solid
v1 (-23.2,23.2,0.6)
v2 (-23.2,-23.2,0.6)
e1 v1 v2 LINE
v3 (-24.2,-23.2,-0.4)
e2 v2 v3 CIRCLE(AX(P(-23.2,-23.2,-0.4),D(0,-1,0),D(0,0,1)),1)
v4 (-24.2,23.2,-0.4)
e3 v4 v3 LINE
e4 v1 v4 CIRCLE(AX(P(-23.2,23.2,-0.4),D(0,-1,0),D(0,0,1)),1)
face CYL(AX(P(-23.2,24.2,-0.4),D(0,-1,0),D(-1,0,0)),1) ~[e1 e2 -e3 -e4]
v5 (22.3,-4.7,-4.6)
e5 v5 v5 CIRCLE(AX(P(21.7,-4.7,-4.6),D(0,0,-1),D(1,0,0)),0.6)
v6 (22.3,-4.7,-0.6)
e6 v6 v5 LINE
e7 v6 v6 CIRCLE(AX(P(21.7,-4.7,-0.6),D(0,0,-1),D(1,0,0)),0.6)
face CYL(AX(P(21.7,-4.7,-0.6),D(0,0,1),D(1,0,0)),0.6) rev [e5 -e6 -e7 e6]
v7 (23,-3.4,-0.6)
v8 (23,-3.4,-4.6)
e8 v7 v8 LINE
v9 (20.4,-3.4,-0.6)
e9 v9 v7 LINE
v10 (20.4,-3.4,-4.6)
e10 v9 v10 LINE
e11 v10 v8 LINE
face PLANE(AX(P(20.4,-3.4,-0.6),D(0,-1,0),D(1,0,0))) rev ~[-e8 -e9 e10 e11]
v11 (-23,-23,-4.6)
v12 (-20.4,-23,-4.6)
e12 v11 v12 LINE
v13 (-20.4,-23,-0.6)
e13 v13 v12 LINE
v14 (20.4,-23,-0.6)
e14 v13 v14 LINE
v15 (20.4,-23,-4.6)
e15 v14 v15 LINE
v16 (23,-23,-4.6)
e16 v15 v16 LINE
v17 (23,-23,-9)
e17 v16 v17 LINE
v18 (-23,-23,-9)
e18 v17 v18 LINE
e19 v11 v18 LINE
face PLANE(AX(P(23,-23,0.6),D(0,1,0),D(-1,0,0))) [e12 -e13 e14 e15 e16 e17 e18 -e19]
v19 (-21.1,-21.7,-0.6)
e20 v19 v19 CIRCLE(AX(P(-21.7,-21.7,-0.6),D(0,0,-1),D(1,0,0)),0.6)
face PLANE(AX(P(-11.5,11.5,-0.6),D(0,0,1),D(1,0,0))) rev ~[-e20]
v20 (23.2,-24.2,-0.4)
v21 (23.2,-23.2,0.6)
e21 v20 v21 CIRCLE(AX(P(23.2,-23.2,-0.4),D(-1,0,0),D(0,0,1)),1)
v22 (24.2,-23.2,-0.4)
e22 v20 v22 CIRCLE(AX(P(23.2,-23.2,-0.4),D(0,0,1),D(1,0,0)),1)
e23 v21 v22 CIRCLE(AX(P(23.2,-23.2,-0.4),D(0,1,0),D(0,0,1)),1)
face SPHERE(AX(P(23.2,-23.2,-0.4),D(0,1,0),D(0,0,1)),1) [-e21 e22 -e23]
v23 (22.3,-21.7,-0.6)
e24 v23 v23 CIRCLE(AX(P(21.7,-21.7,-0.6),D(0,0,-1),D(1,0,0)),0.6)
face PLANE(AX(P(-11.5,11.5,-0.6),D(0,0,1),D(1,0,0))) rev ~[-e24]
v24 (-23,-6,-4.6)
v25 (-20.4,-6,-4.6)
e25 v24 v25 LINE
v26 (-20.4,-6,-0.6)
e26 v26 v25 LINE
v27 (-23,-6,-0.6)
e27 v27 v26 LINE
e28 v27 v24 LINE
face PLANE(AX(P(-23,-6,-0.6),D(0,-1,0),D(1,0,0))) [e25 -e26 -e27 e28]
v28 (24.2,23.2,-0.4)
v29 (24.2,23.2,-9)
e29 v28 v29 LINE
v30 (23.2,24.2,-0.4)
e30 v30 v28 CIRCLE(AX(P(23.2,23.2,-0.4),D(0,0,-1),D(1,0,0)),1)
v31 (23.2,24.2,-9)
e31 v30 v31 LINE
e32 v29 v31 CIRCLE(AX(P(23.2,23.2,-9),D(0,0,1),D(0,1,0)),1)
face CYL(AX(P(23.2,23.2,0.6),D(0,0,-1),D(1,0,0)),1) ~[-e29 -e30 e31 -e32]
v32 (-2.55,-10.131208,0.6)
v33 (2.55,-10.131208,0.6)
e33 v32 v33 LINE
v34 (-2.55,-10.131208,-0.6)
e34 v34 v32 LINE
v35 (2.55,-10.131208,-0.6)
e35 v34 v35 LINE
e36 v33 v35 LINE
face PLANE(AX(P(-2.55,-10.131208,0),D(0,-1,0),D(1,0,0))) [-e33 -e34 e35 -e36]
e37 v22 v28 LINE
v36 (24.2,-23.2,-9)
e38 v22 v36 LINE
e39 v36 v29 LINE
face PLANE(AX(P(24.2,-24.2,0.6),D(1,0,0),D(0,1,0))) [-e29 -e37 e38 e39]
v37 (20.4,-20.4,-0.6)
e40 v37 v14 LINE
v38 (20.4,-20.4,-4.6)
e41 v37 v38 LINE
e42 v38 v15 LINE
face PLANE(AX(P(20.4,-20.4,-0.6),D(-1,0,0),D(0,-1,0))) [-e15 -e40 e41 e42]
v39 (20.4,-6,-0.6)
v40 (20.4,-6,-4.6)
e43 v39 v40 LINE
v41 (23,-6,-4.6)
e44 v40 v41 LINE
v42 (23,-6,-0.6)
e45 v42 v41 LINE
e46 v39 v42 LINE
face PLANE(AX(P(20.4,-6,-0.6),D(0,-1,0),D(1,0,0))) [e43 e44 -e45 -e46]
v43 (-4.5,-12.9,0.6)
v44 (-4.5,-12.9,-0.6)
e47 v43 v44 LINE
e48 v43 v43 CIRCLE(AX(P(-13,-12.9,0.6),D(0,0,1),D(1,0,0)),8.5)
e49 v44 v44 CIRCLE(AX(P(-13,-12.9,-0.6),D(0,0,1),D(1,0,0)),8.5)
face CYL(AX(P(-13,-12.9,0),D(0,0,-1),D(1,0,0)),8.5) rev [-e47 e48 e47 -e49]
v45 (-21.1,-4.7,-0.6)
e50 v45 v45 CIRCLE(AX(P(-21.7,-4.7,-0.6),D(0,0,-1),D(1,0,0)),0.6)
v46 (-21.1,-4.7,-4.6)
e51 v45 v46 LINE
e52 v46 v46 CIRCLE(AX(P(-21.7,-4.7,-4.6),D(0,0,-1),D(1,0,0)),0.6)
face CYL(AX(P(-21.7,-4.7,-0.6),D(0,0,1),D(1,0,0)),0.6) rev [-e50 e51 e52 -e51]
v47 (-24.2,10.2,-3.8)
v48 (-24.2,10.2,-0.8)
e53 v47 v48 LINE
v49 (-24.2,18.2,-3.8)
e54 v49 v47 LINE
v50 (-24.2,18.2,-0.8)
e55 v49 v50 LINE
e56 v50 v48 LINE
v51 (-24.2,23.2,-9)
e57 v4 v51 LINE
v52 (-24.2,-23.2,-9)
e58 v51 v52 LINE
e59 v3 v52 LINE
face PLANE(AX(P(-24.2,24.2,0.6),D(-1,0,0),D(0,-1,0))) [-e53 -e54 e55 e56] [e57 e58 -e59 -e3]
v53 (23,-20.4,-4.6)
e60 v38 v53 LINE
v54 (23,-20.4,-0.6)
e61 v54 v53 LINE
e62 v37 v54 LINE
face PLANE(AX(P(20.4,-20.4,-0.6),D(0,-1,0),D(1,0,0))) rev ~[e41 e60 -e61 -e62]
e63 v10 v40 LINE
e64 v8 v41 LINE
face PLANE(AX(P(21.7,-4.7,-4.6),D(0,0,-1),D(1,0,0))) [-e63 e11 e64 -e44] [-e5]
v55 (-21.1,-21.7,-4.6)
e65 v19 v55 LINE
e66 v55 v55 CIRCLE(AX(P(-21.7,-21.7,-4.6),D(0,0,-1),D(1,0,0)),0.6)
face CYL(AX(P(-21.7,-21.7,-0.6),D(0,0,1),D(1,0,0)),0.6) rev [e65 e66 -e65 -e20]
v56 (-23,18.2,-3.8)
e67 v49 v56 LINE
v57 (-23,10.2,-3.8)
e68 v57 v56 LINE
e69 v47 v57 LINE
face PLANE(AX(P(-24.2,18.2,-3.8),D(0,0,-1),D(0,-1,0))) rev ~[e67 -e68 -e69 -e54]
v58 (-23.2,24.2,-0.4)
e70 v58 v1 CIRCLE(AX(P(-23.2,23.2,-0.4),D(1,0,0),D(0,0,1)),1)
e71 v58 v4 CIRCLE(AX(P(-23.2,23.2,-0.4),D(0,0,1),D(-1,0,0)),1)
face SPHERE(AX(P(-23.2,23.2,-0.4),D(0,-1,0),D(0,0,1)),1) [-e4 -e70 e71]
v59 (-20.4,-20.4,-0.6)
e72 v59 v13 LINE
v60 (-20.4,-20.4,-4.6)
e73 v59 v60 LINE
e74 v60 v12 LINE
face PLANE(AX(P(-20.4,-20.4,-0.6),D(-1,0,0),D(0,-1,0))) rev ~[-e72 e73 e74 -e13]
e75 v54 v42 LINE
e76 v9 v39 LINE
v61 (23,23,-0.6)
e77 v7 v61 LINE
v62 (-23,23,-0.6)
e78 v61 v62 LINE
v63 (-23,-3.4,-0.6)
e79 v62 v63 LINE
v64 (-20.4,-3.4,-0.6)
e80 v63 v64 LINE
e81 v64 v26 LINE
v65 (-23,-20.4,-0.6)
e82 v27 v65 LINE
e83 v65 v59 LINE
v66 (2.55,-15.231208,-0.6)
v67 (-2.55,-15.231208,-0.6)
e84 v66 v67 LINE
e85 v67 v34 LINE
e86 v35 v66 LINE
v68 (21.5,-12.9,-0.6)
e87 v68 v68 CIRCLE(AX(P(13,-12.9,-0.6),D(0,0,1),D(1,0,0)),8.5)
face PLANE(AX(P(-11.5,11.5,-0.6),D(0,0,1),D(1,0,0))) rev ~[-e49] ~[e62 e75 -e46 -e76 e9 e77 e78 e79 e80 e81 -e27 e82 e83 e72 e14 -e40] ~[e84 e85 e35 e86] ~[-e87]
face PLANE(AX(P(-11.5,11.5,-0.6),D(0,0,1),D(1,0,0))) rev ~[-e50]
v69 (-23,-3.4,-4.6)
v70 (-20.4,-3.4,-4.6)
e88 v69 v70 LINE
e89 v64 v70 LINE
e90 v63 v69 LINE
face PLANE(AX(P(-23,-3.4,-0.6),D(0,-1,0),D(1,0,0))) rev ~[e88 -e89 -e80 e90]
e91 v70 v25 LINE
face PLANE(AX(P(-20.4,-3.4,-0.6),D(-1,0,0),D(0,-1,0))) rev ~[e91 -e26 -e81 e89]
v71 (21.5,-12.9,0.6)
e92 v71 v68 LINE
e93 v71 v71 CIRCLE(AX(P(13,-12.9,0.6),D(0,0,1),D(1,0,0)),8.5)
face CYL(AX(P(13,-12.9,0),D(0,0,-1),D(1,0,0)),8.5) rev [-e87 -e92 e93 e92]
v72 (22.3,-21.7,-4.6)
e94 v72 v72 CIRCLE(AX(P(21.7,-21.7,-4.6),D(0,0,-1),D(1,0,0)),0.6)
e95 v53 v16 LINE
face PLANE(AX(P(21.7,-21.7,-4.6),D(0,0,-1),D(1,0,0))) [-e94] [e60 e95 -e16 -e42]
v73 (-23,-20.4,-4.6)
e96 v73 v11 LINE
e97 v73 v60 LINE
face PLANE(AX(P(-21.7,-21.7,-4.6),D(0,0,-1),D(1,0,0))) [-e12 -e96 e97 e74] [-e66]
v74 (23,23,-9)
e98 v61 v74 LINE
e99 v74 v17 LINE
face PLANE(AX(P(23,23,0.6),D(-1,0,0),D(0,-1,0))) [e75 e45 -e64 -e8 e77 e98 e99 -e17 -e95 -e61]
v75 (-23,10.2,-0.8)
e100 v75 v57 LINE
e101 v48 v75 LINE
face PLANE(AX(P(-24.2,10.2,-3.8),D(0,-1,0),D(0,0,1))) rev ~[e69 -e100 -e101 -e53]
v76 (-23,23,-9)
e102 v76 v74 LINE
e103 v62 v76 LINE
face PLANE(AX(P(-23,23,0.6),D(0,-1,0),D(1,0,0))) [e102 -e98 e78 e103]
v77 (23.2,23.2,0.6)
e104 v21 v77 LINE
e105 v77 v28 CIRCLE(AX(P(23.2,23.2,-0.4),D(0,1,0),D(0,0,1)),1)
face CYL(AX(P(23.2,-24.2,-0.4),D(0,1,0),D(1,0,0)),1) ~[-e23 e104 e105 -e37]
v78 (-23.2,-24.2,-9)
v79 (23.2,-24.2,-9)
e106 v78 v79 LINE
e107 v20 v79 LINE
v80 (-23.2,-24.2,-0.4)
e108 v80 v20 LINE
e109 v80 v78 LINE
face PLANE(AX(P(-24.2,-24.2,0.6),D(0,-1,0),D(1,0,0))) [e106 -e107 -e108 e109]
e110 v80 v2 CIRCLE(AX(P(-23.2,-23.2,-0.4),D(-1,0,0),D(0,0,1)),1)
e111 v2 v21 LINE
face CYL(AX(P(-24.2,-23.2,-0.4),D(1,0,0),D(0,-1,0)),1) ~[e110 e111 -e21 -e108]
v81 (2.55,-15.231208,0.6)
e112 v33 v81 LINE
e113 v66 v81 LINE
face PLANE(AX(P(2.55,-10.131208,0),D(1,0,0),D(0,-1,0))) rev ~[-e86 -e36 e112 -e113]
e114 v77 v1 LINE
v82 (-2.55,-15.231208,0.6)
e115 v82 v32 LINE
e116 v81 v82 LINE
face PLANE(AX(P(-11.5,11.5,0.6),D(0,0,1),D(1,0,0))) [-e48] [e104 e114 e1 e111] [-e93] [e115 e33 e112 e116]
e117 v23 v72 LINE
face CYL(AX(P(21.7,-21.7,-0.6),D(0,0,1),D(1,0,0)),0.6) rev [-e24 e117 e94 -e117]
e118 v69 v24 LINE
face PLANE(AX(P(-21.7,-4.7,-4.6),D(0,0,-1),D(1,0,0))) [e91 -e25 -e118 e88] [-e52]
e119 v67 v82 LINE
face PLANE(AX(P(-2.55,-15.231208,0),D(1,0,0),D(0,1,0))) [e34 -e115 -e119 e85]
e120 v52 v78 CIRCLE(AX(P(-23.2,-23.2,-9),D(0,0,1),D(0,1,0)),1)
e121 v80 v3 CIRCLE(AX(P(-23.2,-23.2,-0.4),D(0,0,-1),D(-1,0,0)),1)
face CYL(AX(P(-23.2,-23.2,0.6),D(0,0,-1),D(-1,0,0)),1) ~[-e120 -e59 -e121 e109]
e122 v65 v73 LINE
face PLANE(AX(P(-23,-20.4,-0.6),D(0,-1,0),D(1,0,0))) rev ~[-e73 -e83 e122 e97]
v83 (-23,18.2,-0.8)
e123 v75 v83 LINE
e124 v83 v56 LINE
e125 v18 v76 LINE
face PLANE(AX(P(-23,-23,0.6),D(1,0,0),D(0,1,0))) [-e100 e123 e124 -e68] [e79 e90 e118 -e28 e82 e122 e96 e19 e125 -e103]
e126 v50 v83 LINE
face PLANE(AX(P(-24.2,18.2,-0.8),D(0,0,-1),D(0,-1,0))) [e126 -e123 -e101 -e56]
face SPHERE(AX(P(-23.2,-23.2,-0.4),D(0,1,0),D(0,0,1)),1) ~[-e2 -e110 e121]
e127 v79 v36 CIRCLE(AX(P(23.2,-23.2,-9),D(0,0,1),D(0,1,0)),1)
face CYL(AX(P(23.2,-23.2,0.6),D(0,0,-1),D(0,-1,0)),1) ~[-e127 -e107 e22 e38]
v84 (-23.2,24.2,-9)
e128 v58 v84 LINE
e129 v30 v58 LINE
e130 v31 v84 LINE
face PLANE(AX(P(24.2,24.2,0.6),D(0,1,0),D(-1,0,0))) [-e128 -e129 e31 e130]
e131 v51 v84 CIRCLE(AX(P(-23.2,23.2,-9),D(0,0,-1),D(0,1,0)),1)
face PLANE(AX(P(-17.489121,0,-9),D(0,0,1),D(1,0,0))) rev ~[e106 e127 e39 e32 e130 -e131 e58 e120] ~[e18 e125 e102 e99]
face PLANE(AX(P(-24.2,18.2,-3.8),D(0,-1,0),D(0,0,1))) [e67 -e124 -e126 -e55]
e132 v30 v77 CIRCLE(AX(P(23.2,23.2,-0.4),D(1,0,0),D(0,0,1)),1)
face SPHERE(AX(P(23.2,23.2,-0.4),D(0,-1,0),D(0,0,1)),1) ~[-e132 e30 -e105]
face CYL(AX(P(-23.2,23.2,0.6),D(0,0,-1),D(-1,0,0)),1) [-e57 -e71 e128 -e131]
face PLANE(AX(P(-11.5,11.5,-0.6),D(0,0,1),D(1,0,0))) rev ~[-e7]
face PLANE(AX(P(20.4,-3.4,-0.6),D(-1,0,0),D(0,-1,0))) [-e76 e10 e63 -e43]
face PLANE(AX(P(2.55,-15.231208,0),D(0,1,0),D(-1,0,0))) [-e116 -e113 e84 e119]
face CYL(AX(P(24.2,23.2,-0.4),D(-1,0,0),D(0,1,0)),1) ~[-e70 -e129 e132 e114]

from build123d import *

# Parameters (mm, degrees)
F0_W     = 23
F0_H     = 23
F0_R     = 8.5
F1_DEPTH = 0.6
F3_DEPTH = 9.6
F4_W     = 2.6
F4_H     = 2.6
F4_R     = 0.6
F5_DEPTH = 4
F6_W     = 8
F6_H     = 3
F7_DEPTH = 1.4
F8_R     = 1


with BuildPart() as f1:
    # F0 (on Top) → F1 (new body, symmetric)
    with BuildSketch(Plane.XY):
        with Locations((-11.5, 11.5)):
            Rectangle(F0_W, F0_H)
        Polygon((0, -10.131208), (0, 0), (-23, 0), (-23, -23), (0, -23), (0, -15.231208), (-2.55, -15.231208), (-2.55, -10.131208), align=None)
        with Locations((-13, -12.9)):
            Circle(F0_R, mode=Mode.SUBTRACT)
        with Locations((11.5, 11.5)):
            Rectangle(F0_W, F0_H)
        Polygon((23, 0), (0, 0), (0, -10.131208), (2.55, -10.131208), (2.55, -15.231208), (0, -15.231208), (0, -23), (23, -23), align=None)
        with Locations((13, -12.9)):
            Circle(F0_R, mode=Mode.SUBTRACT)
    extrude(amount=F1_DEPTH, both=True)

    # F2 (on face) → F3 (join)
    with BuildSketch(Plane.XY.offset(0.6)):
        Polygon((-23, 23), (0, 23), (0, 24.2), (-24.2, 24.2), (-24.2, -24.2), (0, -24.2), (0, -23), (-23, -23), align=None)
        Polygon((0, 23), (23, 23), (23, -23), (0, -23), (0, -24.2), (24.2, -24.2), (24.2, 24.2), (0, 24.2), align=None)
    extrude(amount=-F3_DEPTH)

    # F4 (on face) → F5 (join)
    with BuildSketch(Plane(origin=(0, 0, -0.6), x_dir=(1, 0, 0), z_dir=(0, 0, -1))):
        with Locations((21.7, 21.7)):
            Rectangle(F4_W, F4_H)
        with Locations((21.7, 21.7)):
            Circle(F4_R, mode=Mode.SUBTRACT)
        with Locations((-21.7, 21.7)):
            Rectangle(F4_W, F4_H)
        with Locations((-21.7, 21.7)):
            Circle(F4_R, mode=Mode.SUBTRACT)
        with Locations((-21.7, 4.7)):
            Rectangle(F4_W, F4_H)
        with Locations((-21.7, 4.7)):
            Circle(F4_R, mode=Mode.SUBTRACT)
        with Locations((21.7, 4.7)):
            Rectangle(F4_W, F4_H)
        with Locations((21.7, 4.7)):
            Circle(F4_R, mode=Mode.SUBTRACT)
    extrude(amount=F5_DEPTH)

    # F6 (on face) → F7 (cut)
    with BuildSketch(Plane(origin=(-24.2, 0, 0), x_dir=(0, -1, 0), z_dir=(-1, 0, 0))):
        with Locations((-14.2, -2.3)):
            Rectangle(F6_W, F6_H)
    extrude(amount=-F7_DEPTH, mode=Mode.SUBTRACT)

    # F8
    f8_edges = [f1.edges().sort_by_distance(p)[0] for p in [
        (24.2, 0, 0.6),
        (-24.2, 0, 0.6),
        (0, -24.2, 0.6),
        (0, 24.2, 0.6),
        (24.2, -24.2, -4.2),
        (24.2, 24.2, -4.2),
        (-24.2, -24.2, -4.2),
        (-24.2, 24.2, -4.2),
    ]]
    fillet(f8_edges, radius=F8_R)


solid = f1.part
